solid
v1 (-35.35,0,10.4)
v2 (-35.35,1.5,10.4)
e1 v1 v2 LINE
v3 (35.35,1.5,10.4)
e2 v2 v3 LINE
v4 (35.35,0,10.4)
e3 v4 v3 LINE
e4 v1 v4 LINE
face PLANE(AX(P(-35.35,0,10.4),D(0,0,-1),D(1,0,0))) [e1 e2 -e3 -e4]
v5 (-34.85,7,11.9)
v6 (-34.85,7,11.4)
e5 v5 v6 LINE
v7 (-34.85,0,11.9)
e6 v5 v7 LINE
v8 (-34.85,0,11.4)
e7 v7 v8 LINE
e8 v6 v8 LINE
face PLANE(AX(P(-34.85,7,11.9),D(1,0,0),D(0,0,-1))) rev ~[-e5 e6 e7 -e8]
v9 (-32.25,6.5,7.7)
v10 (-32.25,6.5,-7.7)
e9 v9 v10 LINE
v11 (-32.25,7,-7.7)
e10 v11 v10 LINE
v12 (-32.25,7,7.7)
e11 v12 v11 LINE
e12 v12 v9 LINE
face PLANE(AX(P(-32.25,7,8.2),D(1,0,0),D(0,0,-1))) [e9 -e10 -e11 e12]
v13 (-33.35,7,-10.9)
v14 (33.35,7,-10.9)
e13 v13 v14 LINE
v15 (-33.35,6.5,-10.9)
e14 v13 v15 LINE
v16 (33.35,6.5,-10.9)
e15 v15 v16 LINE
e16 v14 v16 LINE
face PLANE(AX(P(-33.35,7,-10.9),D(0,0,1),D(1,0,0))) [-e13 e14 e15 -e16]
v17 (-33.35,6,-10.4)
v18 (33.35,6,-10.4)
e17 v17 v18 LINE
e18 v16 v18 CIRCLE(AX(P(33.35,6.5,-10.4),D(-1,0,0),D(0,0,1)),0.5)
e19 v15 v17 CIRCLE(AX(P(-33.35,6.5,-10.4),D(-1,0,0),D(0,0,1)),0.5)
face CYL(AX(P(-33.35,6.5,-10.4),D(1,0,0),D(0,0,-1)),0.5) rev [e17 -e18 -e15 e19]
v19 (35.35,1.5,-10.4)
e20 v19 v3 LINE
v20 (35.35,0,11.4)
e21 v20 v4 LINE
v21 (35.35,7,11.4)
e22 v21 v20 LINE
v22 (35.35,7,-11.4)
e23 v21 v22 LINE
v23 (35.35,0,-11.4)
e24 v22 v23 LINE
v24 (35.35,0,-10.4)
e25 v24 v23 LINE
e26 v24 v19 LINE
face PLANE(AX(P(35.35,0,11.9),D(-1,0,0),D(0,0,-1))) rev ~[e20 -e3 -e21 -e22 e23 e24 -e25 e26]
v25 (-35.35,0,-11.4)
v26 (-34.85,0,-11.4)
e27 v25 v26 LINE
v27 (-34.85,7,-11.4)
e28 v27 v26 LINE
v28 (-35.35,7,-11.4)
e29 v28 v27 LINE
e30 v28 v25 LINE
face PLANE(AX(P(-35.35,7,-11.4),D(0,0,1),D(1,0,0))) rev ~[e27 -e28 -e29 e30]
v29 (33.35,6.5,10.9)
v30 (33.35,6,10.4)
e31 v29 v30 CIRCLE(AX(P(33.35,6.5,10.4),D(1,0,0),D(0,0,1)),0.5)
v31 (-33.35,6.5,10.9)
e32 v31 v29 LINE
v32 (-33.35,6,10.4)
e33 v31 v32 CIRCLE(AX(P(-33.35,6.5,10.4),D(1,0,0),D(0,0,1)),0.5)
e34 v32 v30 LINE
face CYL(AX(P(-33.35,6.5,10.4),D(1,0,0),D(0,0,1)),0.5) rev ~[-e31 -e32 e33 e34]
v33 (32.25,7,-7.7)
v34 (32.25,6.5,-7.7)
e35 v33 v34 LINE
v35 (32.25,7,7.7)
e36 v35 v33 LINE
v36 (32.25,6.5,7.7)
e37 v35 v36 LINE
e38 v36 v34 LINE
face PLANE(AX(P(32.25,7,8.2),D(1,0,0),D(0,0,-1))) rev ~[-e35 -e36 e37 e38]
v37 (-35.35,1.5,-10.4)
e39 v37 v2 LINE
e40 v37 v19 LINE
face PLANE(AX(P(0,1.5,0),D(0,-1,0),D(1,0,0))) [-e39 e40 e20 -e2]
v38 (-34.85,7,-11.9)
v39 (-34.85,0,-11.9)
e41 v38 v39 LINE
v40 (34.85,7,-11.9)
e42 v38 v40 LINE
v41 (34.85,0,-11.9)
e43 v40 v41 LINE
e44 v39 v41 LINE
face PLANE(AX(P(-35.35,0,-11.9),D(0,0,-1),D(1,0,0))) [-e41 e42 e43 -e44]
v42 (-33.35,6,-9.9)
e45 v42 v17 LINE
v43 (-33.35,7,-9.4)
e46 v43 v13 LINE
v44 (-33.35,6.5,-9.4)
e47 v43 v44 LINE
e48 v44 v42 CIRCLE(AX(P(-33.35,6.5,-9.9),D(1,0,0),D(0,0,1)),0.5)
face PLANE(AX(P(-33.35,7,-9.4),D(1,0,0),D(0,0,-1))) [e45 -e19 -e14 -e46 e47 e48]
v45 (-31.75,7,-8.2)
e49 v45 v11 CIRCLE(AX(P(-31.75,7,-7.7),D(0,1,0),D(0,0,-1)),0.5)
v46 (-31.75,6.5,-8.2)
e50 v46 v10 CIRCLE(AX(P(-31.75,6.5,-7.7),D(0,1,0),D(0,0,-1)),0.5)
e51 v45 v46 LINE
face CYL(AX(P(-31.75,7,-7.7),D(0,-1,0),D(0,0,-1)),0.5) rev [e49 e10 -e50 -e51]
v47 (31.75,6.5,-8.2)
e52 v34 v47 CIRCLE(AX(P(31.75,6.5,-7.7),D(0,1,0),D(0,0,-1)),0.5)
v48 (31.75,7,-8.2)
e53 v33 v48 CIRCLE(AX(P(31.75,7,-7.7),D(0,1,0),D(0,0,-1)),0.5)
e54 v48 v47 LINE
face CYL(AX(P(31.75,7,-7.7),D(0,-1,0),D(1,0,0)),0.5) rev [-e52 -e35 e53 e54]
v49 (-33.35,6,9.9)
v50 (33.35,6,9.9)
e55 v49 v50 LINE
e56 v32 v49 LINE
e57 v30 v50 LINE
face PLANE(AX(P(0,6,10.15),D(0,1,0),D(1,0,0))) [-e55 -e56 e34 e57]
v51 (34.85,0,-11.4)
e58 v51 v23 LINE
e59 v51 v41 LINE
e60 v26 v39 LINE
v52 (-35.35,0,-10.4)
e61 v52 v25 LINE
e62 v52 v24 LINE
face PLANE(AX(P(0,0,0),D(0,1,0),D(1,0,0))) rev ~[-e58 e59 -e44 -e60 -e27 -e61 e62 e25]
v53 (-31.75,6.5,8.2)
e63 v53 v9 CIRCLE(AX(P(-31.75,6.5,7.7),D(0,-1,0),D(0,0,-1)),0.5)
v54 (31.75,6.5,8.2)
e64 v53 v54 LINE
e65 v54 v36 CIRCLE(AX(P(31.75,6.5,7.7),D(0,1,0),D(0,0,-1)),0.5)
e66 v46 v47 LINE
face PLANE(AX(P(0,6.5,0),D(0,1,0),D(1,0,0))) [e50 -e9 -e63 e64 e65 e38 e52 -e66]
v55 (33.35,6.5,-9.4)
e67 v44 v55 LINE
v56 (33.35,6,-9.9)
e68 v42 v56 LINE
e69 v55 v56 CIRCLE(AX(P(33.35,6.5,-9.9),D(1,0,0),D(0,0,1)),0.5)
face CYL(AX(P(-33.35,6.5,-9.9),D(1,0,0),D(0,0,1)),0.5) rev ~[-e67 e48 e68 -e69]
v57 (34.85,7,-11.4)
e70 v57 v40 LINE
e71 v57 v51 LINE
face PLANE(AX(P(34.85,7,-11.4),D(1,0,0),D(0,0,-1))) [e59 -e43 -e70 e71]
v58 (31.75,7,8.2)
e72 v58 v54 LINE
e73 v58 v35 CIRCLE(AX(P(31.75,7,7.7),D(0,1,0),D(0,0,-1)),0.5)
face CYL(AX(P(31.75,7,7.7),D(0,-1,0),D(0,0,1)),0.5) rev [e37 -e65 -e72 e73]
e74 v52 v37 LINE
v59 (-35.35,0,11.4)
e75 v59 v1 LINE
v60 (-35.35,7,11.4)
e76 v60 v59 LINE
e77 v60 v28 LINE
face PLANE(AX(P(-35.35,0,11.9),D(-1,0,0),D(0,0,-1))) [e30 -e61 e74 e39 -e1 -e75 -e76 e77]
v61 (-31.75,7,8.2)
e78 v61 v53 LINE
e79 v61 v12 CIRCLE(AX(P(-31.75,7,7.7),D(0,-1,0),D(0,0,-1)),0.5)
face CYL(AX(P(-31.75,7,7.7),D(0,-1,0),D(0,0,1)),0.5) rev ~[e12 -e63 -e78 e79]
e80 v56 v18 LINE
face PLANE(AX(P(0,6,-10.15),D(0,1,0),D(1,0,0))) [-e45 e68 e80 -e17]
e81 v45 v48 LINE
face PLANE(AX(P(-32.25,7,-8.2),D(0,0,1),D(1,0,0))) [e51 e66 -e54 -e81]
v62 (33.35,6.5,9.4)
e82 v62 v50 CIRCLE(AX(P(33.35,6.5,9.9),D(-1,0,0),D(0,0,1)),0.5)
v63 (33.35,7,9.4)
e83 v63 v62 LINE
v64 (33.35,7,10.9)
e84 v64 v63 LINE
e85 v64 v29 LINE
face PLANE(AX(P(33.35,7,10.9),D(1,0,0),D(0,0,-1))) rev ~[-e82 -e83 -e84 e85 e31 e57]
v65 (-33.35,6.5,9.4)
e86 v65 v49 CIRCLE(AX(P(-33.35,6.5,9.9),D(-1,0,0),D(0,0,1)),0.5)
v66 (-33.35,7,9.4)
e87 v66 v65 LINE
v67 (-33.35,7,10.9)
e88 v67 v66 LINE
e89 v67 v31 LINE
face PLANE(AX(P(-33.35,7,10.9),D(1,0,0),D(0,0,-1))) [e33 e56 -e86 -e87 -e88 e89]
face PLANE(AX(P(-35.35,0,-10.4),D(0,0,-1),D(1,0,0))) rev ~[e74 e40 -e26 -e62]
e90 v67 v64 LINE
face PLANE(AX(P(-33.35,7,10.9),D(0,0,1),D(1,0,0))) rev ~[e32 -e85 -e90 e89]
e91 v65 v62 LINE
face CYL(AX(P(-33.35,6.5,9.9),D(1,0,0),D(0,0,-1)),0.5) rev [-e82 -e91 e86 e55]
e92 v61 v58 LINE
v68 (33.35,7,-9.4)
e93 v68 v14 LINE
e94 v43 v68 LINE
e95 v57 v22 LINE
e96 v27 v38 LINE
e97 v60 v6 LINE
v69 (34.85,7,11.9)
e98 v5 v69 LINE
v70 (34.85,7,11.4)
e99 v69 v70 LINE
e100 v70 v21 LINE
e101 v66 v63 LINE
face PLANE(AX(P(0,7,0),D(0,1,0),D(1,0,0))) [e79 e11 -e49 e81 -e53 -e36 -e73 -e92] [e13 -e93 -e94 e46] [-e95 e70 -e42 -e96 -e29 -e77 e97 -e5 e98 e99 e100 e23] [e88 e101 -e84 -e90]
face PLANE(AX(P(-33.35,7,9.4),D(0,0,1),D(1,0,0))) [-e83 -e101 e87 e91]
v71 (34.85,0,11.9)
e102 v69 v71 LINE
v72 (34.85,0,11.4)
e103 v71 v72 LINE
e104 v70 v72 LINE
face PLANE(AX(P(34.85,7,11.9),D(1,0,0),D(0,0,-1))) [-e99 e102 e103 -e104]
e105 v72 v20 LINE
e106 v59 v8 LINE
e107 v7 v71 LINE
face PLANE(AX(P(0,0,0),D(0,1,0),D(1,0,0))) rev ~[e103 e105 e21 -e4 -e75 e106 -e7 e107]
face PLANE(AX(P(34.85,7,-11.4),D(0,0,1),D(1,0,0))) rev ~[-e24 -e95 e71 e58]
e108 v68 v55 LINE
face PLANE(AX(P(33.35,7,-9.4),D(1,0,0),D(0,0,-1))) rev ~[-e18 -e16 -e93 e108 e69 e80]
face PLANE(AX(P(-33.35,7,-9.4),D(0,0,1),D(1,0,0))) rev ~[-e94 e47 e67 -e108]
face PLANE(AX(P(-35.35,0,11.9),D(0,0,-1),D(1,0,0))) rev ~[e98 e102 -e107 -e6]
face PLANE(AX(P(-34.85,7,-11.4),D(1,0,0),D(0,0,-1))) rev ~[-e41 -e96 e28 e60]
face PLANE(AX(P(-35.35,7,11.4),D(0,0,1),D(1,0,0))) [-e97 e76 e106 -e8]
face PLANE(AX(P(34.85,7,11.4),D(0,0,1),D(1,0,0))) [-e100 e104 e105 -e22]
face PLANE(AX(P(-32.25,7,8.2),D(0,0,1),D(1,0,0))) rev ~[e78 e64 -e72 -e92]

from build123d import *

# Parameters (mm, degrees)
CROQUIS1_W              = 70.7
CROQUIS1_H              = 23.8
SALIENTE_EXTRUIR1_DEPTH = 7
CROQUIS2_W              = 64.5
CROQUIS2_H              = 16.4
CORTAR_EXTRUIR1_DEPTH   = 0.5
REDONDEO1_R             = 0.5
CROQUIS3_W              = 0.5
CROQUIS3_H              = 0.5
CORTAR_EXTRUIR2_DEPTH   = 7
CROQUIS4_W              = 70.7
CROQUIS4_H              = 20.8
CORTAR_EXTRUIR3_DEPTH   = 1.5
CROQUIS5_W              = 66.7
CROQUIS5_H              = 1.5
CORTAR_EXTRUIR4_DEPTH   = 1
REDONDEO2_R             = 0.5


with BuildPart() as part:
    # Croquis1 → Saliente-Extruir1 (new body)
    with BuildSketch(Plane(origin=(0, 0, 0), x_dir=(1, 0, 0), z_dir=(0, 1, 0))):
        Rectangle(CROQUIS1_W, CROQUIS1_H)
    extrude(amount=SALIENTE_EXTRUIR1_DEPTH)

    # Croquis2 → Cortar-Extruir1 (cut)
    with BuildSketch(Plane(origin=(0, 7, 0), x_dir=(1, 0, 0), z_dir=(0, 1, 0))):
        Rectangle(CROQUIS2_W, CROQUIS2_H)
    extrude(amount=-CORTAR_EXTRUIR1_DEPTH, mode=Mode.SUBTRACT)

    # Redondeo1
    redondeo1_edges = [part.edges().sort_by_distance(p)[0] for p in [
        (-32.25, 6.75, 8.2),
        (-32.25, 6.75, -8.2),
        (32.25, 6.75, -8.2),
        (32.25, 6.75, 8.2),
    ]]
    fillet(redondeo1_edges, radius=REDONDEO1_R)

    # Croquis3 → Cortar-Extruir2 (cut)
    with BuildSketch(Plane(origin=(0, 7, 0), x_dir=(1, 0, 0), z_dir=(0, 1, 0))):
        with Locations((-35.1, 11.65)):
            Rectangle(CROQUIS3_W, CROQUIS3_H)
        with Locations((-35.1, -11.65)):
            Rectangle(CROQUIS3_W, CROQUIS3_H)
        with Locations((35.1, -11.65)):
            Rectangle(CROQUIS3_W, CROQUIS3_H)
        with Locations((35.1, 11.65)):
            Rectangle(CROQUIS3_W, CROQUIS3_H)
    extrude(amount=-CORTAR_EXTRUIR2_DEPTH, mode=Mode.SUBTRACT)

    # Croquis4 → Cortar-Extruir3 (cut)
    with BuildSketch(Plane.XZ):
        Rectangle(CROQUIS4_W, CROQUIS4_H)
    extrude(amount=-CORTAR_EXTRUIR3_DEPTH, mode=Mode.SUBTRACT)

    # Croquis5 → Cortar-Extruir4 (cut)
    with BuildSketch(Plane(origin=(0, 7, 0), x_dir=(1, 0, 0), z_dir=(0, 1, 0))):
        with Locations((0, 10.15)):
            Rectangle(CROQUIS5_W, CROQUIS5_H)
        with Locations((0, -10.15)):
            Rectangle(CROQUIS5_W, CROQUIS5_H)
    extrude(amount=-CORTAR_EXTRUIR4_DEPTH, mode=Mode.SUBTRACT)

    # Redondeo2
    redondeo2_edges = [part.edges().sort_by_distance(p)[0] for p in [
        (0, 6, -10.9),
        (0, 6, -9.4),
        (0, 6, 9.4),
        (0, 6, 10.9),
    ]]
    fillet(redondeo2_edges, radius=REDONDEO2_R)


solid = part.part
